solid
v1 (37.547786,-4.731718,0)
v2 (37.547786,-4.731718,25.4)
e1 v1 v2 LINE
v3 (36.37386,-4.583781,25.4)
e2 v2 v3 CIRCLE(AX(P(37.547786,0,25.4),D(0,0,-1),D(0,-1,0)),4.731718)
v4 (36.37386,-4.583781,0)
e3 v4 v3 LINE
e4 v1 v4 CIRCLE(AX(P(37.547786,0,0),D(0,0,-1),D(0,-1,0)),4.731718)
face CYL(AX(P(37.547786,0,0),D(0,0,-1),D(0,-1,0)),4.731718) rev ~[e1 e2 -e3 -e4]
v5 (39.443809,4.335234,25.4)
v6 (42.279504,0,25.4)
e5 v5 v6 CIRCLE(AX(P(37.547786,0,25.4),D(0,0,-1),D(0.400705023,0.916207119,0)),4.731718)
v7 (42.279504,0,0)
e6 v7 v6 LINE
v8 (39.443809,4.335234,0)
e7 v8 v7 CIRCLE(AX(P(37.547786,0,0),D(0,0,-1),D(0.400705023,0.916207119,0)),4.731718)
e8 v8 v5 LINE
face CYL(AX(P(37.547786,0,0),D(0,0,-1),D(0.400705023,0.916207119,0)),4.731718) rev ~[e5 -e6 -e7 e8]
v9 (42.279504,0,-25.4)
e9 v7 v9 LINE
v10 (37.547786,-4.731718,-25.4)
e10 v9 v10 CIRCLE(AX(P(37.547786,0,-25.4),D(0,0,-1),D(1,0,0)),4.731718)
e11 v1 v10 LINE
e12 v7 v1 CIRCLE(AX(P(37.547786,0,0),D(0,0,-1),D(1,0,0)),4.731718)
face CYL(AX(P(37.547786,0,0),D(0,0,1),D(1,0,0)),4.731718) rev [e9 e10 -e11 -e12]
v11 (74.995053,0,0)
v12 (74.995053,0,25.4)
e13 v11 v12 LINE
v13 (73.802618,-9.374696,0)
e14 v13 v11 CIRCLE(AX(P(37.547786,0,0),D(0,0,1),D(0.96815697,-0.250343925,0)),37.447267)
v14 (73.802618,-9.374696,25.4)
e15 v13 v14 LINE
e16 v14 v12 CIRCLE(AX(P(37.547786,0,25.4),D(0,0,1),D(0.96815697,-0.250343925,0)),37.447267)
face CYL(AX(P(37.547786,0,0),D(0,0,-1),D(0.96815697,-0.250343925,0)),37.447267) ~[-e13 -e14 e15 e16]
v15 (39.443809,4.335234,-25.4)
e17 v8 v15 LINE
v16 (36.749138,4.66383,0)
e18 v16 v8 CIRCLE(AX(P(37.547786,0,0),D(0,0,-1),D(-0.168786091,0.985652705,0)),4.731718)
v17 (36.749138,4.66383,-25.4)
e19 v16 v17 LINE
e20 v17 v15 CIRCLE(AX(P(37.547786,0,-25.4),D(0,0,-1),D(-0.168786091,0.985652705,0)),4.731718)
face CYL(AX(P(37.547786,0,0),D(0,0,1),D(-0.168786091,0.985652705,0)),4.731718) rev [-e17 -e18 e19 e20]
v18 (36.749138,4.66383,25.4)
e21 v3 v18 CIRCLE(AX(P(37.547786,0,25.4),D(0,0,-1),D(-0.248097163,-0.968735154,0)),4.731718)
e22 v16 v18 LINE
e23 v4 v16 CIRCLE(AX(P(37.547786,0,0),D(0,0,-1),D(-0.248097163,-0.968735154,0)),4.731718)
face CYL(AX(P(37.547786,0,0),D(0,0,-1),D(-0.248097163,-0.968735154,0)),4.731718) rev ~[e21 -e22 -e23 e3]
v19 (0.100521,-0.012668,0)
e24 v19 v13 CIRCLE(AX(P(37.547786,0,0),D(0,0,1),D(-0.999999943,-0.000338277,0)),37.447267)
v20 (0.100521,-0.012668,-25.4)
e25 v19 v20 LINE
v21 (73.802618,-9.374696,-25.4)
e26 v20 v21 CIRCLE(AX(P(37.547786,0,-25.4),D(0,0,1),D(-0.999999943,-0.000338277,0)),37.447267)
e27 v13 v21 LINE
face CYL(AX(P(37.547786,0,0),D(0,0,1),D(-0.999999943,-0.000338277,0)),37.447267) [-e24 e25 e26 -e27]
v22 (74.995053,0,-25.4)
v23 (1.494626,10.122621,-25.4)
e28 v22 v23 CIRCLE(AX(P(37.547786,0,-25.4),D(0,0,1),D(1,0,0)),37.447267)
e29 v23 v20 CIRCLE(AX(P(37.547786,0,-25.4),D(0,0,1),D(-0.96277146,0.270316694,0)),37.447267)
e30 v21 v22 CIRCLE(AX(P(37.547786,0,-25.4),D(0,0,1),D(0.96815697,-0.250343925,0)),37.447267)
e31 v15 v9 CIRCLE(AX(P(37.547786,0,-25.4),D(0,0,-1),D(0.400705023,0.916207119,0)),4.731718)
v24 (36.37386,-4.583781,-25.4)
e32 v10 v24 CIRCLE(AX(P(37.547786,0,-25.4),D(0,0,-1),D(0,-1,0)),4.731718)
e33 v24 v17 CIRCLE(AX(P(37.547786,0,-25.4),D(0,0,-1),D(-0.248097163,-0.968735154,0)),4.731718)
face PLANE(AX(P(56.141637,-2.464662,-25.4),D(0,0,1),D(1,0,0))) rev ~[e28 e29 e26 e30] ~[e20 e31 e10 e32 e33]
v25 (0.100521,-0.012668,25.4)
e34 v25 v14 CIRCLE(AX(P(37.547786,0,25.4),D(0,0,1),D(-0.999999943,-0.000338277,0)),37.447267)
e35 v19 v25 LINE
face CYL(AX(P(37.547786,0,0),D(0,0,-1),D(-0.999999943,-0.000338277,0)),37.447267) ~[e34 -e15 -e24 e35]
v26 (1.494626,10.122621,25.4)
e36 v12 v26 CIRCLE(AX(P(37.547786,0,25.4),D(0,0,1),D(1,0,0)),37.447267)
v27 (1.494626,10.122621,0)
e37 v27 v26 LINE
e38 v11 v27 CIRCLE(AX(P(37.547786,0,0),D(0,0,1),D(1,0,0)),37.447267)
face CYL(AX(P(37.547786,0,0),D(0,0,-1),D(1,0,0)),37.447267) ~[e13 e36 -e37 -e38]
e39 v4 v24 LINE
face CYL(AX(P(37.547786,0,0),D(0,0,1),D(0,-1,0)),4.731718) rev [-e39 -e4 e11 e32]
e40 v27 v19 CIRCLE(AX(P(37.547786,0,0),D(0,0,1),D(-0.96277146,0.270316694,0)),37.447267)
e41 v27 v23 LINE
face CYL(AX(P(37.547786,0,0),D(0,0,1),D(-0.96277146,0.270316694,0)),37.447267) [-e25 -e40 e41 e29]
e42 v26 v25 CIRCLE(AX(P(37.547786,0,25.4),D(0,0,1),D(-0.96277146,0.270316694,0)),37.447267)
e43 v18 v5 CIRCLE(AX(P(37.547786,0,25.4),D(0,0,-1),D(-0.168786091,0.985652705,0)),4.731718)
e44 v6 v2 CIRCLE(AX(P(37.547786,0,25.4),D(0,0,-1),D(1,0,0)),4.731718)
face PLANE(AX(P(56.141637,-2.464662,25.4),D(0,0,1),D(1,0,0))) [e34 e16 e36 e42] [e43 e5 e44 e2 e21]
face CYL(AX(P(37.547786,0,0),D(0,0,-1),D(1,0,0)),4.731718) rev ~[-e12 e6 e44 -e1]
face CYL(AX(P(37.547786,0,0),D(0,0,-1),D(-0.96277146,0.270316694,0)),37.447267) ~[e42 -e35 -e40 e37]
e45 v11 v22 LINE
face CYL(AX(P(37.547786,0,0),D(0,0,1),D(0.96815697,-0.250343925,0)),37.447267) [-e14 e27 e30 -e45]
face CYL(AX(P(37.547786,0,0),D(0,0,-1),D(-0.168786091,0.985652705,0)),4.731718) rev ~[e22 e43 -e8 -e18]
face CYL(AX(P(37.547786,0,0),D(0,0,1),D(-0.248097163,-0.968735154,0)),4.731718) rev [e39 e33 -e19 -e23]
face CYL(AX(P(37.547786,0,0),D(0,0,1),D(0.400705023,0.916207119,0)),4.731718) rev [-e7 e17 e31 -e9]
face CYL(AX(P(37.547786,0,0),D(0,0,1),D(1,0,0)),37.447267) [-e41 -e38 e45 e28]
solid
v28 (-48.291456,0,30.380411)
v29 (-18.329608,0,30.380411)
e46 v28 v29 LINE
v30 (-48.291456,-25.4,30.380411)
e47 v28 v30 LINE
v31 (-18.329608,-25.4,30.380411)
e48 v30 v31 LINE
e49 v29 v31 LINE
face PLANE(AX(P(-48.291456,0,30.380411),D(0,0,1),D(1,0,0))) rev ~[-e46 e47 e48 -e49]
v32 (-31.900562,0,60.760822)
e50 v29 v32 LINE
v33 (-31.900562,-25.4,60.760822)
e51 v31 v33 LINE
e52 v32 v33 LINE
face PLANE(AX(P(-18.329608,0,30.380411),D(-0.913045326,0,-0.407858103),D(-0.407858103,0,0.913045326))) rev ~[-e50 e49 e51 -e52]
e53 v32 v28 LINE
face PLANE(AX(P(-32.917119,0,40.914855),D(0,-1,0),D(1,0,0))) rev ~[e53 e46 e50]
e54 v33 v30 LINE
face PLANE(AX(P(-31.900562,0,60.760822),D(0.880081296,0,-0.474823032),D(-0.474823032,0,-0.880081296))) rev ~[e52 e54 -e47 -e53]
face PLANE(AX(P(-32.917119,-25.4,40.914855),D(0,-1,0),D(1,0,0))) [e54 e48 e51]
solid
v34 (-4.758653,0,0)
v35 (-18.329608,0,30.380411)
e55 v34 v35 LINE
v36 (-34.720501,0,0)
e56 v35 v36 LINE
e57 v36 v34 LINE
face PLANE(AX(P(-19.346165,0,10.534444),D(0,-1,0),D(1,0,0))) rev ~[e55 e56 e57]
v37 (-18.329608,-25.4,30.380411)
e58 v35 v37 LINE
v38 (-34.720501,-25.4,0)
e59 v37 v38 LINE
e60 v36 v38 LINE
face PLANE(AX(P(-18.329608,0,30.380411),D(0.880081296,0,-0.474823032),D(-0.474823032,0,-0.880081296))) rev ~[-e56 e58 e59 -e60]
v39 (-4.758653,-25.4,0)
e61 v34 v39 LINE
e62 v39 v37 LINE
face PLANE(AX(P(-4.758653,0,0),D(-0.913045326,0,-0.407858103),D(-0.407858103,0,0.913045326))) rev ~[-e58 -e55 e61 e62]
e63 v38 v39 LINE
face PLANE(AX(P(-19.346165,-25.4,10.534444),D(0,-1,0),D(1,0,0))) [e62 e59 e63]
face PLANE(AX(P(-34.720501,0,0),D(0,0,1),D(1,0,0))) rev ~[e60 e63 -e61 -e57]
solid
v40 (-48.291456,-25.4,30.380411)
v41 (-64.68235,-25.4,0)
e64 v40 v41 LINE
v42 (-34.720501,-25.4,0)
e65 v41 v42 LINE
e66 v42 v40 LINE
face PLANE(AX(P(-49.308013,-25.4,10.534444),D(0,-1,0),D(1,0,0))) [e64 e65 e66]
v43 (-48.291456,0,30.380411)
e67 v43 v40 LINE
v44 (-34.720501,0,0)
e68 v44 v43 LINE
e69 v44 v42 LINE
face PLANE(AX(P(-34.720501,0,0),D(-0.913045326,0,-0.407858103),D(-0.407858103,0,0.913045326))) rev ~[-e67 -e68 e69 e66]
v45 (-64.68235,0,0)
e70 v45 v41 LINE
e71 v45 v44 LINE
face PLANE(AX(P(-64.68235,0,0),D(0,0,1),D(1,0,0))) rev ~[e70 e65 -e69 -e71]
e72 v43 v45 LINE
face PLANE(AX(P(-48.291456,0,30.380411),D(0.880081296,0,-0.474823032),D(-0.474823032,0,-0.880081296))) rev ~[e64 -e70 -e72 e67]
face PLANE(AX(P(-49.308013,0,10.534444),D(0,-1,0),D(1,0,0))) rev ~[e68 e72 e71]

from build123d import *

# Parameters (mm, degrees)
F1_DEPTH = 25.4
F3_DEPTH = 25.4
F4_DEPTH = 25.4


with BuildPart() as f1:
    # F0 (on Front) → F1 (new body)
    with BuildSketch(Plane.XZ):
        Polygon((-31.900562346, 60.7608221471), (-48.2914559543, 30.3804110736), (-18.3296075556, 30.3804110736), align=None)
    extrude(amount=F1_DEPTH)


with BuildPart() as f1b:
    # F0 (on Front) → F1, piece 2 (new body)
    with BuildSketch(Plane.XZ):
        Polygon((-48.2914559543, 30.3804110736), (-64.6823495626, 0), (-34.720501164, 0), align=None)
    extrude(amount=F1_DEPTH)


with BuildPart() as f1c:
    # F0 (on Front) → F1, piece 3 (new body)
    with BuildSketch(Plane.XZ):
        Polygon((-18.3296075556, 30.3804110736), (-34.720501164, 0), (-4.7586527653, 0), align=None)
    extrude(amount=F1_DEPTH)


with BuildPart() as f3:
    # F2 (on Top) → F3 (new body)
    with BuildSketch(Plane.XY):
        with BuildLine():
            Line((37.5477857888, -4.7317177788), (73.8026180842, -9.3746957385))
            ThreePointArc((73.8026180842, -9.3746957385), (74.6957477779, -4.7251142857), (74.9950525109, 0))
            Line((74.9950525109, 0), (39.4438088688, 4.3352335137))
            ThreePointArc((39.4438088688, 4.3352335137), (41.5076215969, 2.5901454613), (42.2795035676, 0))
            ThreePointArc((42.2795035676, 0), (40.8936155168, -3.345829728), (37.5477857888, -4.7317177788))
        make_face()
        with BuildLine():
            ThreePointArc((0.1005212092, -0.0126675377), (32.8289547157, -37.1487606558), (73.8026180842, -9.3746957385))
            Line((73.8026180842, -9.3746957385), (37.5477857888, -4.7317177788))
            ThreePointArc((37.5477857888, -4.7317177788), (36.9561805848, -4.6945879926), (36.3738600322, -4.5837813491))
            Line((36.3738600322, -4.5837813491), (0.1005212092, -0.0126675377))
        make_face()
        with BuildLine():
            Line((39.4438088688, 4.3352335137), (74.9950525109, 0))
            ThreePointArc((74.9950525109, 0), (42.6568707612, 37.0971027939), (1.4946261159, 10.1226213284))
            Line((1.4946261159, 10.1226213284), (36.7491376414, 4.6638304295))
            ThreePointArc((36.7491376414, 4.6638304295), (38.1205439567, 4.6969246555), (39.4438088688, 4.3352335137))
        make_face()
        with BuildLine():
            ThreePointArc((1.4946261159, 10.1226213284), (0.4498193833, 5.1028103566), (0.1005212092, -0.0126675377))
            Line((0.1005212092, -0.0126675377), (36.3738600322, -4.5837813491))
            ThreePointArc((36.3738600322, -4.5837813491), (32.8199593481, 0.1918600657), (36.7491376414, 4.6638304295))
            Line((36.7491376414, 4.6638304295), (1.4946261159, 10.1226213284))
        make_face()
    extrude(amount=F3_DEPTH)

    # F4 (add): a face of the model
    f4_faces = [f3.faces().sort_by_distance(p)[0] for p in [
        (72.5812081141, -9.836310361, 0),
    ]]
    extrude(f4_faces, amount=F4_DEPTH)


solid = Compound([f1.part, f1b.part, f1c.part, f3.part])
